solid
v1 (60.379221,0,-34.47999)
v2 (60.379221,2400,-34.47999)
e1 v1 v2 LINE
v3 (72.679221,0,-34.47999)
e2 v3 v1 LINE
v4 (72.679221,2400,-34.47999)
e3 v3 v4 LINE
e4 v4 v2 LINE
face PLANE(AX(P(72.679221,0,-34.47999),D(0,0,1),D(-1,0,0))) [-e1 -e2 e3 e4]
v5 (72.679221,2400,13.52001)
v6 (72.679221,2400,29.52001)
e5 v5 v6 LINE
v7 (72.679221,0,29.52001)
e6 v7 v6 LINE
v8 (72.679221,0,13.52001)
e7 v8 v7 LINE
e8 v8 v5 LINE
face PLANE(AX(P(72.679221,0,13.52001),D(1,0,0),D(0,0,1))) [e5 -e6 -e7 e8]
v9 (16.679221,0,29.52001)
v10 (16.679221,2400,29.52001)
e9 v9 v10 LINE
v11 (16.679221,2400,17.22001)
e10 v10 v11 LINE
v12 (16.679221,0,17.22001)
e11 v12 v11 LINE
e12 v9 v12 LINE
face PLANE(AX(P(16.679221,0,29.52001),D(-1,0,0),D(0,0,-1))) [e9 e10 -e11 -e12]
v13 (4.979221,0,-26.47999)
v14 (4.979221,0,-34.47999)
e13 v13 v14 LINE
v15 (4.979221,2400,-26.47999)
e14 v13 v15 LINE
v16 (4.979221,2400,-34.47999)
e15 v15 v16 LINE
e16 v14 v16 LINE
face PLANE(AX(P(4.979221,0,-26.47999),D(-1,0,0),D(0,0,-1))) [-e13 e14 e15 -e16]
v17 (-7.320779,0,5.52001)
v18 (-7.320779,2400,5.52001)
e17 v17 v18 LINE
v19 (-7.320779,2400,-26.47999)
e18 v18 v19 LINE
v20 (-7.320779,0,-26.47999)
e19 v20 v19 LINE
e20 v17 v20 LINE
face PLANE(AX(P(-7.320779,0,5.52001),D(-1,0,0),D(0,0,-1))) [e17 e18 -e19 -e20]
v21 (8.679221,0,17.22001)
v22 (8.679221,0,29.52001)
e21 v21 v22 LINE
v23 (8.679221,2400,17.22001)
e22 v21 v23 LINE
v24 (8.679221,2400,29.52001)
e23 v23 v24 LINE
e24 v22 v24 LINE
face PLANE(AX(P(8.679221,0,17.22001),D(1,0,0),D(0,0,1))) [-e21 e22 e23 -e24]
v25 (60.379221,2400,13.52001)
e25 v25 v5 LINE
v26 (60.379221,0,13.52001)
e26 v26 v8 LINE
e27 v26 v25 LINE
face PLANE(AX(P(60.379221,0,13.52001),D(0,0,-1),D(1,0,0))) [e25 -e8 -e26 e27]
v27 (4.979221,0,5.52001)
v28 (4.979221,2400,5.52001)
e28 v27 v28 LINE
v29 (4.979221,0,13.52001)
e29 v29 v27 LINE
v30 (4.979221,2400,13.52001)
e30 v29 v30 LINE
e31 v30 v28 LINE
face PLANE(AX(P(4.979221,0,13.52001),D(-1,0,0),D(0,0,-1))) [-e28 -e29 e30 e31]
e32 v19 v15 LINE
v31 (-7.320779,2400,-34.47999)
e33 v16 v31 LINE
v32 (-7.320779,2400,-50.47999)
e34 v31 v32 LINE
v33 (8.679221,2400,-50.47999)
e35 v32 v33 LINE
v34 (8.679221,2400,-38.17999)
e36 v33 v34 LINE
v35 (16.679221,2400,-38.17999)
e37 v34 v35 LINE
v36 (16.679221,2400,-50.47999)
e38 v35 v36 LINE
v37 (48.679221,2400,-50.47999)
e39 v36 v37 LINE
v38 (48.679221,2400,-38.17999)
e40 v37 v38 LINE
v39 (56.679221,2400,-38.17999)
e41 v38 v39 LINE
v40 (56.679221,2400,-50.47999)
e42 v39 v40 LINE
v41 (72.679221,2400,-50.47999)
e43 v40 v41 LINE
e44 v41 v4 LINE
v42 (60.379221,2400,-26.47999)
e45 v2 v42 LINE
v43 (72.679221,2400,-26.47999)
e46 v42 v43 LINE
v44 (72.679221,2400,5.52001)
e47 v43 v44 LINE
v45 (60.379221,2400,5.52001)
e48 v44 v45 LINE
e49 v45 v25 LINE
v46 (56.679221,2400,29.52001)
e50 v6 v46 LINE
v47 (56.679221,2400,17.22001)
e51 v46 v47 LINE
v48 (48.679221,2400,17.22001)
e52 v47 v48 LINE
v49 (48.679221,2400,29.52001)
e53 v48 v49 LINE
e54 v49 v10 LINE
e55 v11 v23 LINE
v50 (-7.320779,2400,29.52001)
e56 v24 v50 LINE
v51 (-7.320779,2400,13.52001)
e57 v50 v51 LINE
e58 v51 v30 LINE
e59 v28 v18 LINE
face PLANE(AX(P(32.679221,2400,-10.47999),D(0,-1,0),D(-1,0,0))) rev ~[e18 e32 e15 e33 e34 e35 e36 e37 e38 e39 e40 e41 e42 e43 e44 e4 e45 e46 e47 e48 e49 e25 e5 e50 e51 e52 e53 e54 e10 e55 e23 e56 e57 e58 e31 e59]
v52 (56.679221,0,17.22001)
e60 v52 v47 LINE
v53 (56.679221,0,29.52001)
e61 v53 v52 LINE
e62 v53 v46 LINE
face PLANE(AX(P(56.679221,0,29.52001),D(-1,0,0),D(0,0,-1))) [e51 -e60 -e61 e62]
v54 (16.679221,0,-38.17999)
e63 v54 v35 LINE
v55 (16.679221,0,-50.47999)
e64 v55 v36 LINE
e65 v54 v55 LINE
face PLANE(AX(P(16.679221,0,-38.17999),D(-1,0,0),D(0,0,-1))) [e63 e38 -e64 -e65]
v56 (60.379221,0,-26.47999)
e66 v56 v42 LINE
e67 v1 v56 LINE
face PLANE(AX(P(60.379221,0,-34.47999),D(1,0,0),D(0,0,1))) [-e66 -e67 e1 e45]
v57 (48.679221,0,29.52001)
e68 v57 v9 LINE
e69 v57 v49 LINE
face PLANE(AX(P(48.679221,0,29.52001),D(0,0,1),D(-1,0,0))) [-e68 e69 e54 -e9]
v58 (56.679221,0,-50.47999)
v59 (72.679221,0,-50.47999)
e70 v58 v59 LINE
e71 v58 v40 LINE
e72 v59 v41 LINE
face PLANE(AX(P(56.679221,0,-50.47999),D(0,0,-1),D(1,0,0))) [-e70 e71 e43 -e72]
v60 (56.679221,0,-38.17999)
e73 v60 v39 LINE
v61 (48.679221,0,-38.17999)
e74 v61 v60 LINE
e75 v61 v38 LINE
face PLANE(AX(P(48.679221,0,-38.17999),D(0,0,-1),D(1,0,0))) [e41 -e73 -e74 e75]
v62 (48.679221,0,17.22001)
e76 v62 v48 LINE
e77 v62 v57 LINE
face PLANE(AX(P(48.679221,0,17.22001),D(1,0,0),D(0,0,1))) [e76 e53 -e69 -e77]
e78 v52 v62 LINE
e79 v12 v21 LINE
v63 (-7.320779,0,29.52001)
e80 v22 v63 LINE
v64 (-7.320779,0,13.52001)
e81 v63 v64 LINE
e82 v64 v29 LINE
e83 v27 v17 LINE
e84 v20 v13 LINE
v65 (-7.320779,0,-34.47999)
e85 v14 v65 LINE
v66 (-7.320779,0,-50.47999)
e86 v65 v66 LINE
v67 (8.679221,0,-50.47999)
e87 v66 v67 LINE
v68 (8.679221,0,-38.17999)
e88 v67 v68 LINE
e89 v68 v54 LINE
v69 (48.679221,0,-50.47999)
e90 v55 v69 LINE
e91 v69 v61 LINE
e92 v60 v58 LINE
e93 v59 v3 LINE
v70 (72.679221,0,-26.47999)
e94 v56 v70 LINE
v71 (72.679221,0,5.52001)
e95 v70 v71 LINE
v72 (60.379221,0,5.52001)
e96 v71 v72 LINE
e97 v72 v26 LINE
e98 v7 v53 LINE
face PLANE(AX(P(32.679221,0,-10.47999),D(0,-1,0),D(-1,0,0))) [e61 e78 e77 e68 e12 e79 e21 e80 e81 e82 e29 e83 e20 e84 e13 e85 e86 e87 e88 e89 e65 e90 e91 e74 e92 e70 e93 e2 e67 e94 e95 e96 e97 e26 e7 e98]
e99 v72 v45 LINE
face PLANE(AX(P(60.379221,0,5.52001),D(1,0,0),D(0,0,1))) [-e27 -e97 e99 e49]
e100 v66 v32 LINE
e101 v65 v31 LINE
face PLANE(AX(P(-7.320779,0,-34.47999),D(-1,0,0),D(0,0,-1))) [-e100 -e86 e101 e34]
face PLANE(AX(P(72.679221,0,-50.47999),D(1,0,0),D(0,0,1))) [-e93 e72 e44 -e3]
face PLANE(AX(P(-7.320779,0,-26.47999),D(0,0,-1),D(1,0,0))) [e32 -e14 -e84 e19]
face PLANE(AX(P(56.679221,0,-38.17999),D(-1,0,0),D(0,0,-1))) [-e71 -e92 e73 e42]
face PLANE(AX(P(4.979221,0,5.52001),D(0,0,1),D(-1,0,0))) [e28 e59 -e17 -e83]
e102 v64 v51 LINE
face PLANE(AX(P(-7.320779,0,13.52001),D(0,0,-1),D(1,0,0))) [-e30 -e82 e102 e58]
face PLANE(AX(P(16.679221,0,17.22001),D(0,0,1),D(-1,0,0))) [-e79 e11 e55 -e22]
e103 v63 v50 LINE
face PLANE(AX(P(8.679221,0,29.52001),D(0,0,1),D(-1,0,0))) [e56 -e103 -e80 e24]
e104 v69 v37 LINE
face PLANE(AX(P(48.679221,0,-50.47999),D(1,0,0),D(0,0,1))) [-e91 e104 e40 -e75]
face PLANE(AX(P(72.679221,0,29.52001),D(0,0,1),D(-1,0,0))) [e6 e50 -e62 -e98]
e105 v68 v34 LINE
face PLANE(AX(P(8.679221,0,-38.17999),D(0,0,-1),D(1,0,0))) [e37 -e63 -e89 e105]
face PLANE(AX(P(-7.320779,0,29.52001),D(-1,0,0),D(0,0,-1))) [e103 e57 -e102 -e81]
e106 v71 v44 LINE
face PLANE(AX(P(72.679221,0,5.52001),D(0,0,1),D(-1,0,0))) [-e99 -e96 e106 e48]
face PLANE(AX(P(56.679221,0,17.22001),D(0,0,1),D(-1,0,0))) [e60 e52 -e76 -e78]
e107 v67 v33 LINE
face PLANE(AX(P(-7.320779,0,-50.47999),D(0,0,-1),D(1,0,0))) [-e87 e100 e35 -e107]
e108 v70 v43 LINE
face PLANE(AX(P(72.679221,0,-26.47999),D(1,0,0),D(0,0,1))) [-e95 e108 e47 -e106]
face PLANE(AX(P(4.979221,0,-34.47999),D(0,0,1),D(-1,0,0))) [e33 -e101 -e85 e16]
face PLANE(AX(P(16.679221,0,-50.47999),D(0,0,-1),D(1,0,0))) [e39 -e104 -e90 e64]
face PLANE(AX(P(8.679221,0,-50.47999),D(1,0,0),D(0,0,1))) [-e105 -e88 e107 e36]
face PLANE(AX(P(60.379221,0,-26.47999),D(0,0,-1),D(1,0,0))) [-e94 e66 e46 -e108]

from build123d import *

# Parameters (mm, degrees)
BOSS_EXTRUDE1_DEPTH = 2400


with BuildPart() as part:
    # Sketch1 → Boss-Extrude1 (new body)
    with BuildSketch(Plane(origin=(0, 0, 0), x_dir=(1, 0, 0), z_dir=(0, 1, 0))):
        Polygon((-7.320779393, 34.479989845), (-7.320779393, 50.479989845), (8.679220607, 50.479989845), (8.679220607, 38.179989845), (16.679220607, 38.179989845), (16.679220607, 50.479989845), (48.679220607, 50.479989845), (48.679220607, 38.179989845), (56.679220607, 38.179989845), (56.679220607, 50.479989845), (72.679220607, 50.479989845), (72.679220607, 34.479989845), (60.379220607, 34.479989845), (60.379220607, 26.479989845), (72.679220607, 26.479989845), (72.679220607, -5.520010155), (60.379220607, -5.520010155), (60.379220607, -13.520010155), (72.679220607, -13.520010155), (72.679220607, -29.520010155), (56.679220607, -29.520010155), (56.679220607, -17.220010155), (48.679220607, -17.220010155), (48.679220607, -29.520010155), (16.679220607, -29.520010155), (16.679220607, -17.220010155), (8.679220607, -17.220010155), (8.679220607, -29.520010155), (-7.320779393, -29.520010155), (-7.320779393, -13.520010155), (4.979220607, -13.520010155), (4.979220607, -5.520010155), (-7.320779393, -5.520010155), (-7.320779393, 26.479989845), (4.979220607, 26.479989845), (4.979220607, 34.479989845), align=None)
    extrude(amount=BOSS_EXTRUDE1_DEPTH)


solid = part.part
